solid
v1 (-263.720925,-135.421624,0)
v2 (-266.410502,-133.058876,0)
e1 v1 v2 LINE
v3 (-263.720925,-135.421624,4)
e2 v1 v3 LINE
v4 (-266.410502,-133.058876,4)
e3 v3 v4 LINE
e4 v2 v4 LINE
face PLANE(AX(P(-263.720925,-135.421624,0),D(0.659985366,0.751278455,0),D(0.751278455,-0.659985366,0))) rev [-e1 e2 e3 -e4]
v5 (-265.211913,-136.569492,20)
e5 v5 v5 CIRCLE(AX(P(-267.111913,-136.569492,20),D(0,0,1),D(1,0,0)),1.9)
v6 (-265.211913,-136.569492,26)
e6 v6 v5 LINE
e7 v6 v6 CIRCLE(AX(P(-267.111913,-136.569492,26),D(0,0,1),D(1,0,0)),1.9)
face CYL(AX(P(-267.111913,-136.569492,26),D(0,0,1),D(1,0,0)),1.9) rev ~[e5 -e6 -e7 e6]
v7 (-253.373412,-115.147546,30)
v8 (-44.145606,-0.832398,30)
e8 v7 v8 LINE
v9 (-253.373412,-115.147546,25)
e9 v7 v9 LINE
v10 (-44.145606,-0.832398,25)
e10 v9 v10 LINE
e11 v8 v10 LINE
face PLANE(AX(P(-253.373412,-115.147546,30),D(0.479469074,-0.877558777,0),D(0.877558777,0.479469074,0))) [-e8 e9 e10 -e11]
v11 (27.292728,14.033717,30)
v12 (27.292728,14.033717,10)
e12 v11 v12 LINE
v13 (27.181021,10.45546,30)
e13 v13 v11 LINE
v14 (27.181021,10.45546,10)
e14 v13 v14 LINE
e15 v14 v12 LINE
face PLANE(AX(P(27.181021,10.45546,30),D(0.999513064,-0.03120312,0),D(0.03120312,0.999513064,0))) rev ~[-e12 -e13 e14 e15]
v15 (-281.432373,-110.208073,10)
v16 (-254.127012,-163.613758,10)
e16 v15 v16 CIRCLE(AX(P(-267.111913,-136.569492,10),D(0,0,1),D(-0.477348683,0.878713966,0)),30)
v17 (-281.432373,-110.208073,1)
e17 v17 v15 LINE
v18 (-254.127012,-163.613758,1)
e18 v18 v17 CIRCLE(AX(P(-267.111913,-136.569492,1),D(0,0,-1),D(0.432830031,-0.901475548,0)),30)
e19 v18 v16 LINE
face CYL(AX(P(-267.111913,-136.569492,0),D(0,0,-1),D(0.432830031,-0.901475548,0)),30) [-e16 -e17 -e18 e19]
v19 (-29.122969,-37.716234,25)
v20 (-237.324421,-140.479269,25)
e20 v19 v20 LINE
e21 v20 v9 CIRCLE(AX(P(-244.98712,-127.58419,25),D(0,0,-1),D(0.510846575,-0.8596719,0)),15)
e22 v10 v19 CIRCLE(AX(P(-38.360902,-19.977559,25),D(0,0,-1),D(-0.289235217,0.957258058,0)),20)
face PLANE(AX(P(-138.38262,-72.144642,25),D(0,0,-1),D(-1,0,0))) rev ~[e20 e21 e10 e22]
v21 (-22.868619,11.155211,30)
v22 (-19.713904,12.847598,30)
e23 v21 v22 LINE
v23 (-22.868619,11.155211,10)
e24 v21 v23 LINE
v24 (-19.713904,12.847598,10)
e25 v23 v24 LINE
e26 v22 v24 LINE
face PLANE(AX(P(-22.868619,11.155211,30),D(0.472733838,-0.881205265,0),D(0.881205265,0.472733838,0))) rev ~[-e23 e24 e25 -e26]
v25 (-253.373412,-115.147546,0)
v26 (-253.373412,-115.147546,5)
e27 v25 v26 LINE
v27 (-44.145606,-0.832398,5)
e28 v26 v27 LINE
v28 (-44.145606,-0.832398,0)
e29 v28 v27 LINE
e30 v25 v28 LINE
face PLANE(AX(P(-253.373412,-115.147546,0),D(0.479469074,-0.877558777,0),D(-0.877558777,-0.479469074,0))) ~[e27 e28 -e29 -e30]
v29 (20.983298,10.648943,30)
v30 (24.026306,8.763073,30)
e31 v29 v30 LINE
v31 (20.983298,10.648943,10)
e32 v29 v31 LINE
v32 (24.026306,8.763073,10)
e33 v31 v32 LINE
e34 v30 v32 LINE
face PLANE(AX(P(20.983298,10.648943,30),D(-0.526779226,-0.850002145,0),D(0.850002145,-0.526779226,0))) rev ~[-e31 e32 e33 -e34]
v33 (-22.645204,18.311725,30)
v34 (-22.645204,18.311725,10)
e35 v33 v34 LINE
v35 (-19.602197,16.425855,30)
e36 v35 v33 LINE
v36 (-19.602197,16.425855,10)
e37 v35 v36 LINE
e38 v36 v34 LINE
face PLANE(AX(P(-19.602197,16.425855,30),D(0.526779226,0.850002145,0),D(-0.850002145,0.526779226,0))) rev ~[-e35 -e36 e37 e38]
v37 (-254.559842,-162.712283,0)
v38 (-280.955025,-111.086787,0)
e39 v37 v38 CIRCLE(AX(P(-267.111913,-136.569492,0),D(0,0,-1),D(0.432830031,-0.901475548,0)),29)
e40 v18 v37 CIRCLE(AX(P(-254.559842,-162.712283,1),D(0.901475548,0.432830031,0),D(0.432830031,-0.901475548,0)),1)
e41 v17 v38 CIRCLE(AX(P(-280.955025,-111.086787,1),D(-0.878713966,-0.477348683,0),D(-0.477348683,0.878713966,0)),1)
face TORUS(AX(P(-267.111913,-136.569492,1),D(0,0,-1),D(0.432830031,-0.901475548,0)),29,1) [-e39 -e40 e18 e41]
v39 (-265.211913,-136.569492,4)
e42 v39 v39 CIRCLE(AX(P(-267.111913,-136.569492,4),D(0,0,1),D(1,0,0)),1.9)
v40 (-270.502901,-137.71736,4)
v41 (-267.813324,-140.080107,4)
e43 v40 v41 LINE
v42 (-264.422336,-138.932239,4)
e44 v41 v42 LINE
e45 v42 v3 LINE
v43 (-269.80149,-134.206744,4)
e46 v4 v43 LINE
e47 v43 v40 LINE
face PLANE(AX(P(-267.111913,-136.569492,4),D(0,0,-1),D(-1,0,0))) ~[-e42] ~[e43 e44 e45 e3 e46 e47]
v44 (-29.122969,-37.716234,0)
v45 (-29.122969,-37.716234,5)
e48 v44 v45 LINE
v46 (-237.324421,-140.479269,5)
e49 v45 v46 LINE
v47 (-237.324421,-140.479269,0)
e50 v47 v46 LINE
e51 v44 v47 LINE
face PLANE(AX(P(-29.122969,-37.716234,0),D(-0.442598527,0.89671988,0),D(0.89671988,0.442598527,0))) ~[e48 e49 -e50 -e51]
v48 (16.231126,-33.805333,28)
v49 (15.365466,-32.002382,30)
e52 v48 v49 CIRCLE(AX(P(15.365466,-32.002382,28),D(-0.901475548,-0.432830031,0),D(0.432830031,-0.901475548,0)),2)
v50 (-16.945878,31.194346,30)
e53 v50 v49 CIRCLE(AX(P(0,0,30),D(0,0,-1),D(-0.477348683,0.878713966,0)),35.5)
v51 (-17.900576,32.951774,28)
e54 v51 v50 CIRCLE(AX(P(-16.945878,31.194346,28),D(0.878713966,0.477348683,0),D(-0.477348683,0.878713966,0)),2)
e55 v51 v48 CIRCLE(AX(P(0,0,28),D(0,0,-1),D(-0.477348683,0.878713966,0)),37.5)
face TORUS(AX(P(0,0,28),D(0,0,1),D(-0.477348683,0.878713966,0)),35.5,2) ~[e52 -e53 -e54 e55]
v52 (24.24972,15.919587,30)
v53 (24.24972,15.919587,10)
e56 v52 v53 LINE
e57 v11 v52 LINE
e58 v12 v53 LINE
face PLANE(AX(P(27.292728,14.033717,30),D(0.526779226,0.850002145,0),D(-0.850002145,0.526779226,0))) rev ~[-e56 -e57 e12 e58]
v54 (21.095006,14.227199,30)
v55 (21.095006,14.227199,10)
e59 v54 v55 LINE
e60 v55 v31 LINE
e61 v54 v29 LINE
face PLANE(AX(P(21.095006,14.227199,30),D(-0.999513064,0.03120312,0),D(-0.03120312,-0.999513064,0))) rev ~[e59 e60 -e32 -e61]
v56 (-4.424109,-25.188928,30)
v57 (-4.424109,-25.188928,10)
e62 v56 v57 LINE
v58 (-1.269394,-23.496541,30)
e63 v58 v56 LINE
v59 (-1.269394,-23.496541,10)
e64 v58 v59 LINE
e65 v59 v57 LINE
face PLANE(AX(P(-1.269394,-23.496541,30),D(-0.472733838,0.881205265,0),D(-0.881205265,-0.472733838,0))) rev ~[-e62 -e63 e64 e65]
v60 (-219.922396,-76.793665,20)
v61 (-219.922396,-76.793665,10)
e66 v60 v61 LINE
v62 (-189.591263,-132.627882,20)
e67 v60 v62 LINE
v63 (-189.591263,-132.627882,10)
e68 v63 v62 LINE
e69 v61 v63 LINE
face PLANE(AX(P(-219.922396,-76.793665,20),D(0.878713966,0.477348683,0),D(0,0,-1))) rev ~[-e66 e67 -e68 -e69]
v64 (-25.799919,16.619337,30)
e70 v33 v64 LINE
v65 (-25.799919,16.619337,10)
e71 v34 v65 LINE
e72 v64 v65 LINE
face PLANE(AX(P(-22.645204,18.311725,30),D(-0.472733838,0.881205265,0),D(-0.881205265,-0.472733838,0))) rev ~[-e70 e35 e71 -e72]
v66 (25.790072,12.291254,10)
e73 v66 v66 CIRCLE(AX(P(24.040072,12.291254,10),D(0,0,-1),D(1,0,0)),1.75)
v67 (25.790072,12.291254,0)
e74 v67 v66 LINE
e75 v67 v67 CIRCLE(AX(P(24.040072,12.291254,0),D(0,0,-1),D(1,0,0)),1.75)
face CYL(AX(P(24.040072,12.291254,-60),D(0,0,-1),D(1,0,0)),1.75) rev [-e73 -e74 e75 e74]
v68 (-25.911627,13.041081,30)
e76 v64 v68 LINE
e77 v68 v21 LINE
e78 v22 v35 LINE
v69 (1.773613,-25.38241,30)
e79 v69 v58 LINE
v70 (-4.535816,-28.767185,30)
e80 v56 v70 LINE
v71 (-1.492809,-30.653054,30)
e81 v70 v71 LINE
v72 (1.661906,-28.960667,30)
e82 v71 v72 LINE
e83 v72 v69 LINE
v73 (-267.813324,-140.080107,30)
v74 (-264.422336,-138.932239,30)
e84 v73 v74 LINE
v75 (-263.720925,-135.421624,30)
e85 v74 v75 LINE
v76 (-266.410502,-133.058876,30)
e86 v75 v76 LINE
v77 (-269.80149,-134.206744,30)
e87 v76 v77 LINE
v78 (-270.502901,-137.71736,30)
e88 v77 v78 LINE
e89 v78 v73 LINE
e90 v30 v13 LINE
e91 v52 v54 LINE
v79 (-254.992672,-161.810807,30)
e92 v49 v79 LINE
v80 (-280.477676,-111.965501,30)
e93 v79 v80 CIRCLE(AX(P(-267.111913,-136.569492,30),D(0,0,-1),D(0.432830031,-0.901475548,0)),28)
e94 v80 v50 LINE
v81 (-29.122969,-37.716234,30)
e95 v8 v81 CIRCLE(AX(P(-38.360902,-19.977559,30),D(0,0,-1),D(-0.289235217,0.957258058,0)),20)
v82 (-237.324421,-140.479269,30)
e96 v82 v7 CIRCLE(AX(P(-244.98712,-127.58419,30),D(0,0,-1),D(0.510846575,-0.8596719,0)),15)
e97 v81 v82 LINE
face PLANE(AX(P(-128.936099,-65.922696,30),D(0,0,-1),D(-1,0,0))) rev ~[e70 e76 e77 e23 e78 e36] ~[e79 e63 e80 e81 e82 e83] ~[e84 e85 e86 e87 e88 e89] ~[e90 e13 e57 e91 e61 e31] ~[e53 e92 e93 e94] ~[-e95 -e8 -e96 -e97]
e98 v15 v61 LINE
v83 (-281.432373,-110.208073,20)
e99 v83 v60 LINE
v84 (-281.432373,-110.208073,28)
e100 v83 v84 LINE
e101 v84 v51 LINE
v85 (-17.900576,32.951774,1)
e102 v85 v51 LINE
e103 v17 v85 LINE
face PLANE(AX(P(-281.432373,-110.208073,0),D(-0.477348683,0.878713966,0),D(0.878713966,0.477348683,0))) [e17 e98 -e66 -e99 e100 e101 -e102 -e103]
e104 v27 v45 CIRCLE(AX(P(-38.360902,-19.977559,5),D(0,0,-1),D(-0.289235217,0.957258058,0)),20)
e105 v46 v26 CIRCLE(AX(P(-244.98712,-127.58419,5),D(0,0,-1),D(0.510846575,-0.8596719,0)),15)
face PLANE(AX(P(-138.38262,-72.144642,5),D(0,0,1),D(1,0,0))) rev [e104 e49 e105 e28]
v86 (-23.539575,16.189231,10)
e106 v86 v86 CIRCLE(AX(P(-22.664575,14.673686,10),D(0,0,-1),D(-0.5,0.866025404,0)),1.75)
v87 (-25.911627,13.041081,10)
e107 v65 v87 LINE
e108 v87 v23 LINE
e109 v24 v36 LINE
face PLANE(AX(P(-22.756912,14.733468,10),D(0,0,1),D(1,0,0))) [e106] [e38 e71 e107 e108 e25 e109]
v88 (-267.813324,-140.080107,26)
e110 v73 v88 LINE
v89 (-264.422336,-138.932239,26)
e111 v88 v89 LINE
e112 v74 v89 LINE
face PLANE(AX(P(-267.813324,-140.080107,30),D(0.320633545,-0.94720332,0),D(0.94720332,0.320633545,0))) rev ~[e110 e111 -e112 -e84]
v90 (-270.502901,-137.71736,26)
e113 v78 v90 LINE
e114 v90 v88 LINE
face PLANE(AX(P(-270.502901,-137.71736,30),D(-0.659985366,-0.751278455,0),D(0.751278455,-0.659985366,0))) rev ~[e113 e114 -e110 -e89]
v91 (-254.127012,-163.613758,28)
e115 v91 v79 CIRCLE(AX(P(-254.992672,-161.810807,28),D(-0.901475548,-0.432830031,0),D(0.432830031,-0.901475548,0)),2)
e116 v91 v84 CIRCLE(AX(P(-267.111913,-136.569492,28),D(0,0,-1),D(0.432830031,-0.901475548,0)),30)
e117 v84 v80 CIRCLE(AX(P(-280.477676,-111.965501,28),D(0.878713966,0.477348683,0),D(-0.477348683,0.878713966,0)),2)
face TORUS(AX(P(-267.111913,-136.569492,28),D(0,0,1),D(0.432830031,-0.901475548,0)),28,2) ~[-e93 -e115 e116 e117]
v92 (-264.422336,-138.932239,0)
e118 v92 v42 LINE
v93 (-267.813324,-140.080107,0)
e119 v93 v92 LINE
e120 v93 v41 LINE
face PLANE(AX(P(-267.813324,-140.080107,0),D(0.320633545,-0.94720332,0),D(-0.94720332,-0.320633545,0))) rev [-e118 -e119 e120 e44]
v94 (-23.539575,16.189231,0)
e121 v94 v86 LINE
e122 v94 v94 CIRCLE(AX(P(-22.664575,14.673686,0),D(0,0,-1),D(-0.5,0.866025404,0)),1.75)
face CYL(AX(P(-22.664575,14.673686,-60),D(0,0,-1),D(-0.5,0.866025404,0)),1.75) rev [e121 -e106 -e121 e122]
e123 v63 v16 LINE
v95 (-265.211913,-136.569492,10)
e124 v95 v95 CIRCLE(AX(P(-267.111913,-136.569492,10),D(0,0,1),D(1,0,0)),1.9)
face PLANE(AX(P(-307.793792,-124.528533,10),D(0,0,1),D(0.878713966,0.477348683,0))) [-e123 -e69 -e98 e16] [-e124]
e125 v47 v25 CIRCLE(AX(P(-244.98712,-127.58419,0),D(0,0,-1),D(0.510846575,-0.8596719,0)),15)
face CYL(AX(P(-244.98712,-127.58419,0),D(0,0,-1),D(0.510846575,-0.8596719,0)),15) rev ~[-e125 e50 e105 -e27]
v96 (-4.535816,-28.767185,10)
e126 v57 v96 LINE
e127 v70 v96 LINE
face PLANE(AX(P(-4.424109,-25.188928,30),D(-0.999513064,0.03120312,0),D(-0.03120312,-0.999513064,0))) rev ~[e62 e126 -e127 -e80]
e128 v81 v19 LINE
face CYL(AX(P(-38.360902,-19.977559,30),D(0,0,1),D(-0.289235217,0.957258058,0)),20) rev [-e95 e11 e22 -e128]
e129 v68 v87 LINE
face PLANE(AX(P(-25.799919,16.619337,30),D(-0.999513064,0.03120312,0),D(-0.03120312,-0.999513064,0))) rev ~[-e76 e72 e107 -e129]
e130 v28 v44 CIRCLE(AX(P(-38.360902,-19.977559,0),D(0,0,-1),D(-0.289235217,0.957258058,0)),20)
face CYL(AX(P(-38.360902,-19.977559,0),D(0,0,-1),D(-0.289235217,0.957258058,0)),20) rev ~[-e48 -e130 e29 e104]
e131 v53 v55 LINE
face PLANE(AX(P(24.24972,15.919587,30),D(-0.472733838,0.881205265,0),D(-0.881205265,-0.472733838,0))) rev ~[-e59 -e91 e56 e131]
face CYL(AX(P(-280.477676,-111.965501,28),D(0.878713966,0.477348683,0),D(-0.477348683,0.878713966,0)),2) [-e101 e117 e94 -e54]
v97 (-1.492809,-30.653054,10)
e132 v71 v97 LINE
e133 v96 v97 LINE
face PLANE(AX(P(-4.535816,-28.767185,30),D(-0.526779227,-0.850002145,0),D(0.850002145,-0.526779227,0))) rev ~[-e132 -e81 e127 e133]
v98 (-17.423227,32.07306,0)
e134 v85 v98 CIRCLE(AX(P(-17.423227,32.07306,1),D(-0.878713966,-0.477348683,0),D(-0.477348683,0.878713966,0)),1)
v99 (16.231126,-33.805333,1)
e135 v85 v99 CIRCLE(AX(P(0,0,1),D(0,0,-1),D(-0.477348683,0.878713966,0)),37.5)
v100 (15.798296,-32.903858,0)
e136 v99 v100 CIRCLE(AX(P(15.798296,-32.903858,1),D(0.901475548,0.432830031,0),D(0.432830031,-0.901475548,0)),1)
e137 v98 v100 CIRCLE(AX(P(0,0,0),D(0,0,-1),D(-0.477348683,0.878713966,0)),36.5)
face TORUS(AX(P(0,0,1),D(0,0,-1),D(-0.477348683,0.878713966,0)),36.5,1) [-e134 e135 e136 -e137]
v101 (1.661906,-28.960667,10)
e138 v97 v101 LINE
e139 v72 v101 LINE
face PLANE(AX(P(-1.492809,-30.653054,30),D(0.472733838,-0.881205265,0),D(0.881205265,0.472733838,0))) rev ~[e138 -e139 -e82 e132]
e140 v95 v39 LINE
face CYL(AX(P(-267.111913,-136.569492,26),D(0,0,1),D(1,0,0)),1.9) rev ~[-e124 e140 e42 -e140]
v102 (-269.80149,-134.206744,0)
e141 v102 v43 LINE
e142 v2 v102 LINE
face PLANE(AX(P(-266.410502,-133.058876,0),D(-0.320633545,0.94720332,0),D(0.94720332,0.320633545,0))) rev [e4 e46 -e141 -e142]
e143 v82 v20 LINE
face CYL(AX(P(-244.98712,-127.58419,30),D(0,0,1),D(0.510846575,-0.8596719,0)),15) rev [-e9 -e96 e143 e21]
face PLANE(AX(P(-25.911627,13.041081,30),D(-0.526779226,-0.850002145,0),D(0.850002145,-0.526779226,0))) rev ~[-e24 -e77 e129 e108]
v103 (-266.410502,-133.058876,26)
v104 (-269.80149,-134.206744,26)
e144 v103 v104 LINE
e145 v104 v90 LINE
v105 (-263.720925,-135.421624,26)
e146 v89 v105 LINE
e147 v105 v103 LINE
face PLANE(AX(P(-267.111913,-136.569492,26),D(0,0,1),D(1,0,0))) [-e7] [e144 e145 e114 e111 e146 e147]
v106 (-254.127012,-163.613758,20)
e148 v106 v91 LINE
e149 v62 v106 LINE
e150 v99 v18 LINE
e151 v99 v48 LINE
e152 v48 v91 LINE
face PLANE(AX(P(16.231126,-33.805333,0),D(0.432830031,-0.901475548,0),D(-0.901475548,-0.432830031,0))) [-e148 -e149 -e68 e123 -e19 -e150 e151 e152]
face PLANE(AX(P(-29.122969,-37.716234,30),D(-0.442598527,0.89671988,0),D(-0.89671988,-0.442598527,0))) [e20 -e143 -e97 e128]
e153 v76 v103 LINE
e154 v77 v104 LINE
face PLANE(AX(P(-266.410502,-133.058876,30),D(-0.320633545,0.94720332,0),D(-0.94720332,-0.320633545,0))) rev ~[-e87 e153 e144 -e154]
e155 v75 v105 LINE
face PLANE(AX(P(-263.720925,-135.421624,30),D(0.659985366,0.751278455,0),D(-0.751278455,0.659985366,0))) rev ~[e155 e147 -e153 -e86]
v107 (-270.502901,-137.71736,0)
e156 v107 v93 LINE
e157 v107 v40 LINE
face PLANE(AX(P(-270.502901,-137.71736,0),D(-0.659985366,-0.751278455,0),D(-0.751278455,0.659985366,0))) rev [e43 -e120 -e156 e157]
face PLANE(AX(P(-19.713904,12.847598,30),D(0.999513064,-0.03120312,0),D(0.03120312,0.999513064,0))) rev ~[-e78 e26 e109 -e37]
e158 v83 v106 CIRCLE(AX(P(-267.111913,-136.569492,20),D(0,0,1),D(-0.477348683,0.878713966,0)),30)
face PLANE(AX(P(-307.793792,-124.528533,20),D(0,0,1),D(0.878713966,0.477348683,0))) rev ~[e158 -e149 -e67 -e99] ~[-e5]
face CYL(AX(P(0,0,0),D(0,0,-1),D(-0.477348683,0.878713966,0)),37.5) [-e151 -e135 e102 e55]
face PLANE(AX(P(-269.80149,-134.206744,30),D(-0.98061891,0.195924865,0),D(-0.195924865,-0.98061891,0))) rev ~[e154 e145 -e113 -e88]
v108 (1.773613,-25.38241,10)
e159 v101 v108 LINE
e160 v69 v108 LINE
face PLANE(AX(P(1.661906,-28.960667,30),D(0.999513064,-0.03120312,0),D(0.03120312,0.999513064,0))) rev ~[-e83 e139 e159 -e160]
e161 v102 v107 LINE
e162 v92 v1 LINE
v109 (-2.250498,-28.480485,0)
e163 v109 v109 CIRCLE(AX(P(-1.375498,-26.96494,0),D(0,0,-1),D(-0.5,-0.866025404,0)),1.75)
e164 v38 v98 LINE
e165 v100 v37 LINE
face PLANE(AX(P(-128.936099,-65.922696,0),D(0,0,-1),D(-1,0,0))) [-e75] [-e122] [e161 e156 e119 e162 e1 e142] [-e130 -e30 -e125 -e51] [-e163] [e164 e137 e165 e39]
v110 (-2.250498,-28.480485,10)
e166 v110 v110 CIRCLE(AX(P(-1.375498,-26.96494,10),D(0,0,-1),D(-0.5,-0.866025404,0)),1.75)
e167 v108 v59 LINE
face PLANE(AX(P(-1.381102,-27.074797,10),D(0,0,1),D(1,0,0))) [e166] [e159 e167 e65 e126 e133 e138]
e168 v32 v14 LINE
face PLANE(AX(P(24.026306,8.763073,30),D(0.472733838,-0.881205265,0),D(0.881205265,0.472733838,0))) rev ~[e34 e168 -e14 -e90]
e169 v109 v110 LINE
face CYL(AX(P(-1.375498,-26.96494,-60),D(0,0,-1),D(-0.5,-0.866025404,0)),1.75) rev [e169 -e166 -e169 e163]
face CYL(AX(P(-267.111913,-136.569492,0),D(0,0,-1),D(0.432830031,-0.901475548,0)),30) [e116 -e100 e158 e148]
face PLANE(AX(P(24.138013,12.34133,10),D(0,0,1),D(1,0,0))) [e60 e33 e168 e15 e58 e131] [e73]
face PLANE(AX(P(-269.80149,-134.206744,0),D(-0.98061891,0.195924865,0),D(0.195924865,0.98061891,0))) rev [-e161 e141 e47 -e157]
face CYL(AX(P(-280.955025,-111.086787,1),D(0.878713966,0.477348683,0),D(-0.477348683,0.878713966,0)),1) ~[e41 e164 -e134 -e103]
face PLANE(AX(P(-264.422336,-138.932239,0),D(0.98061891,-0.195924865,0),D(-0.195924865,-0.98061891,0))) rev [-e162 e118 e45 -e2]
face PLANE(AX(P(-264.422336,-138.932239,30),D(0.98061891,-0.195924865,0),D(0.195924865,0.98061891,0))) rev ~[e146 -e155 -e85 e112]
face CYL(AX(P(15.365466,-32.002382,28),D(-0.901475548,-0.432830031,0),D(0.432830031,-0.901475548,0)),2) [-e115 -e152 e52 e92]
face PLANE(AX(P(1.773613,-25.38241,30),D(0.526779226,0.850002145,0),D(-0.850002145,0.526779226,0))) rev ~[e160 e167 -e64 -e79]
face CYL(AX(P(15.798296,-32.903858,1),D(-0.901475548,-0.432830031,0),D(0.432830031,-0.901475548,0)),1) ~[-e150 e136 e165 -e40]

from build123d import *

# Parameters (mm, degrees)
BOSS_EXTRUDE1_DEPTH = 30
FILLET1_R           = 2
FILLET2_R           = 1
SKETCH6_W           = 100
SKETCH6_H           = 10
CUT_EXTRUDE3_DEPTH  = 129
CUT_EXTRUDE4_DEPTH  = 4
SKETCH8_R           = 1.9
CUT_EXTRUDE6_DEPTH  = 112
CUT_EXTRUDE7_DEPTH  = 5
CUT_EXTRUDE8_DEPTH  = 20
CUT_EXTRUDE9_START  = -70
SKETCH10_R          = 1.75
CUT_EXTRUDE9_DEPTH  = 71
CIRPATTERN1_COUNT   = 3


with BuildPart() as part:
    # Sketch1 → Boss-Extrude1 (new body)
    with BuildSketch(Plane.XY):
        with BuildLine():
            Line((-281.432373232, -110.20807274), (-17.900575614, 32.951773741))
            ThreePointArc((-17.900575614, 32.951773741), (33.388989093, 17.071186467), (16.23112616, -33.805333064))
            Line((16.23112616, -33.805333064), (-254.127011813, -163.613758184))
            ThreePointArc((-254.127011813, -163.613758184), (-293.823104015, -150.226440906), (-281.432373232, -110.20807274))
        make_face()
    extrude(amount=BOSS_EXTRUDE1_DEPTH)

    # Fillet1
    fillet1_edges = [part.edges().sort_by_distance(p)[0] for p in [
        (33.388989093, 17.071186467, 30),
        (-149.666474423, -38.628149499, 30),
        (-293.823104015, -150.226440906, 30),
        (-118.947942827, -98.709545624, 30),
    ]]
    fillet(fillet1_edges, radius=FILLET1_R)

    # Fillet2
    fillet2_edges = [part.edges().sort_by_distance(p)[0] for p in [
        (-149.666474423, -38.628149499, 0),
        (33.388989093, 17.071186467, 0),
        (-118.947942827, -98.709545624, 0),
        (-293.823104015, -150.226440906, 0),
    ]]
    fillet(fillet2_edges, radius=FILLET2_R)

    # Sketch6 → Cut-Extrude3 (cut)
    with BuildSketch(Plane(origin=(-17.900575614, 32.951773741, 0), x_dir=(0.8787139664263899, 0.4773486830475195, 0), z_dir=(-0.47734868304751954, 0.87871396642639, 0))):
        with Locations((-279.906235347, -15)):
            Rectangle(SKETCH6_W, SKETCH6_H)
    extrude(amount=-CUT_EXTRUDE3_DEPTH, mode=Mode.SUBTRACT)

    # Sketch7 → Cut-Extrude4 (cut)
    with BuildSketch(Plane.XY.offset(30)):
        Polygon((-263.720924854, -135.421623642), (-266.410501723, -133.058876034), (-269.80148961, -134.206744124), (-270.502900627, -137.717359822), (-267.813323758, -140.080107431), (-264.422335871, -138.932239341), align=None)
    cut_extrude4 = extrude(amount=-CUT_EXTRUDE4_DEPTH, mode=Mode.SUBTRACT)

    # Sketch8 → Cut-Extrude6 (cut)
    with BuildSketch(Plane.XY.offset(26)):
        with Locations((-267.111912741, -136.569491732)):
            Circle(SKETCH8_R)
    extrude(amount=-CUT_EXTRUDE6_DEPTH, mode=Mode.SUBTRACT)

    # Mirror1: Cut-Extrude4 across plane
    add(cut_extrude4.mirror(Plane.XY.offset(15)), mode=Mode.SUBTRACT)

    # Sketch9 → Cut-Extrude7 (cut)
    with BuildSketch(Plane.XY.offset(30)):
        with BuildLine():
            Line((-253.373411521, -115.147546234), (-44.145606003, -0.832397564))
            ThreePointArc((-44.145606003, -0.832397564), (-19.838333174, -12.433391688), (-29.122969005, -37.716233984))
            Line((-29.122969005, -37.716233984), (-237.324421153, -140.479268617))
            ThreePointArc((-237.324421153, -140.479268617), (-257.658147226, -135.611958389), (-253.373411521, -115.147546234))
        make_face()
    cut_extrude7 = extrude(amount=-CUT_EXTRUDE7_DEPTH, mode=Mode.SUBTRACT)

    # Mirror2: Cut-Extrude7 across plane
    add(cut_extrude7.mirror(Plane.XY.offset(15)), mode=Mode.SUBTRACT)

    # Sketch3 → Cut-Extrude8 (cut)
    with BuildSketch(Plane.XY.offset(30)):
        Polygon((-4.424109202, -25.18892785), (-4.53581637, -28.767184619), (-1.492808691, -30.65305425), (1.661906157, -28.96066711), (1.773613325, -25.382410341), (-1.269394354, -23.496540711), align=None)
        Polygon((27.292728029, 14.033716876), (24.249720349, 15.919586506), (21.095005502, 14.227199366), (20.983298334, 10.648942597), (24.026306013, 8.763072967), (27.181020861, 10.455460106), align=None)
        Polygon((-19.602196811, 16.425854883), (-22.645204491, 18.311724513), (-25.799919338, 16.619337374), (-25.911626506, 13.041080604), (-22.868618827, 11.155210974), (-19.713903979, 12.847598114), align=None)
    extrude(amount=-CUT_EXTRUDE8_DEPTH, mode=Mode.SUBTRACT)

    # Sketch10 → Cut-Extrude9 (cut)
    with BuildSketch(Plane.XY.offset(10).offset(CUT_EXTRUDE9_START)):
        with Locations((24.040072147, 12.291254256)):
            Circle(SKETCH10_R)
    cut_extrude9 = extrude(amount=CUT_EXTRUDE9_DEPTH, mode=Mode.SUBTRACT)

    # CirPattern1: Cut-Extrude9 ×3 about axis
    cirpattern1_axis = Axis((0, 0, 0), (0, 0, 1))
    for i in range(1, CIRPATTERN1_COUNT):
        add(cut_extrude9.rotate(cirpattern1_axis, i * 360 / CIRPATTERN1_COUNT), mode=Mode.SUBTRACT)


solid = part.part
